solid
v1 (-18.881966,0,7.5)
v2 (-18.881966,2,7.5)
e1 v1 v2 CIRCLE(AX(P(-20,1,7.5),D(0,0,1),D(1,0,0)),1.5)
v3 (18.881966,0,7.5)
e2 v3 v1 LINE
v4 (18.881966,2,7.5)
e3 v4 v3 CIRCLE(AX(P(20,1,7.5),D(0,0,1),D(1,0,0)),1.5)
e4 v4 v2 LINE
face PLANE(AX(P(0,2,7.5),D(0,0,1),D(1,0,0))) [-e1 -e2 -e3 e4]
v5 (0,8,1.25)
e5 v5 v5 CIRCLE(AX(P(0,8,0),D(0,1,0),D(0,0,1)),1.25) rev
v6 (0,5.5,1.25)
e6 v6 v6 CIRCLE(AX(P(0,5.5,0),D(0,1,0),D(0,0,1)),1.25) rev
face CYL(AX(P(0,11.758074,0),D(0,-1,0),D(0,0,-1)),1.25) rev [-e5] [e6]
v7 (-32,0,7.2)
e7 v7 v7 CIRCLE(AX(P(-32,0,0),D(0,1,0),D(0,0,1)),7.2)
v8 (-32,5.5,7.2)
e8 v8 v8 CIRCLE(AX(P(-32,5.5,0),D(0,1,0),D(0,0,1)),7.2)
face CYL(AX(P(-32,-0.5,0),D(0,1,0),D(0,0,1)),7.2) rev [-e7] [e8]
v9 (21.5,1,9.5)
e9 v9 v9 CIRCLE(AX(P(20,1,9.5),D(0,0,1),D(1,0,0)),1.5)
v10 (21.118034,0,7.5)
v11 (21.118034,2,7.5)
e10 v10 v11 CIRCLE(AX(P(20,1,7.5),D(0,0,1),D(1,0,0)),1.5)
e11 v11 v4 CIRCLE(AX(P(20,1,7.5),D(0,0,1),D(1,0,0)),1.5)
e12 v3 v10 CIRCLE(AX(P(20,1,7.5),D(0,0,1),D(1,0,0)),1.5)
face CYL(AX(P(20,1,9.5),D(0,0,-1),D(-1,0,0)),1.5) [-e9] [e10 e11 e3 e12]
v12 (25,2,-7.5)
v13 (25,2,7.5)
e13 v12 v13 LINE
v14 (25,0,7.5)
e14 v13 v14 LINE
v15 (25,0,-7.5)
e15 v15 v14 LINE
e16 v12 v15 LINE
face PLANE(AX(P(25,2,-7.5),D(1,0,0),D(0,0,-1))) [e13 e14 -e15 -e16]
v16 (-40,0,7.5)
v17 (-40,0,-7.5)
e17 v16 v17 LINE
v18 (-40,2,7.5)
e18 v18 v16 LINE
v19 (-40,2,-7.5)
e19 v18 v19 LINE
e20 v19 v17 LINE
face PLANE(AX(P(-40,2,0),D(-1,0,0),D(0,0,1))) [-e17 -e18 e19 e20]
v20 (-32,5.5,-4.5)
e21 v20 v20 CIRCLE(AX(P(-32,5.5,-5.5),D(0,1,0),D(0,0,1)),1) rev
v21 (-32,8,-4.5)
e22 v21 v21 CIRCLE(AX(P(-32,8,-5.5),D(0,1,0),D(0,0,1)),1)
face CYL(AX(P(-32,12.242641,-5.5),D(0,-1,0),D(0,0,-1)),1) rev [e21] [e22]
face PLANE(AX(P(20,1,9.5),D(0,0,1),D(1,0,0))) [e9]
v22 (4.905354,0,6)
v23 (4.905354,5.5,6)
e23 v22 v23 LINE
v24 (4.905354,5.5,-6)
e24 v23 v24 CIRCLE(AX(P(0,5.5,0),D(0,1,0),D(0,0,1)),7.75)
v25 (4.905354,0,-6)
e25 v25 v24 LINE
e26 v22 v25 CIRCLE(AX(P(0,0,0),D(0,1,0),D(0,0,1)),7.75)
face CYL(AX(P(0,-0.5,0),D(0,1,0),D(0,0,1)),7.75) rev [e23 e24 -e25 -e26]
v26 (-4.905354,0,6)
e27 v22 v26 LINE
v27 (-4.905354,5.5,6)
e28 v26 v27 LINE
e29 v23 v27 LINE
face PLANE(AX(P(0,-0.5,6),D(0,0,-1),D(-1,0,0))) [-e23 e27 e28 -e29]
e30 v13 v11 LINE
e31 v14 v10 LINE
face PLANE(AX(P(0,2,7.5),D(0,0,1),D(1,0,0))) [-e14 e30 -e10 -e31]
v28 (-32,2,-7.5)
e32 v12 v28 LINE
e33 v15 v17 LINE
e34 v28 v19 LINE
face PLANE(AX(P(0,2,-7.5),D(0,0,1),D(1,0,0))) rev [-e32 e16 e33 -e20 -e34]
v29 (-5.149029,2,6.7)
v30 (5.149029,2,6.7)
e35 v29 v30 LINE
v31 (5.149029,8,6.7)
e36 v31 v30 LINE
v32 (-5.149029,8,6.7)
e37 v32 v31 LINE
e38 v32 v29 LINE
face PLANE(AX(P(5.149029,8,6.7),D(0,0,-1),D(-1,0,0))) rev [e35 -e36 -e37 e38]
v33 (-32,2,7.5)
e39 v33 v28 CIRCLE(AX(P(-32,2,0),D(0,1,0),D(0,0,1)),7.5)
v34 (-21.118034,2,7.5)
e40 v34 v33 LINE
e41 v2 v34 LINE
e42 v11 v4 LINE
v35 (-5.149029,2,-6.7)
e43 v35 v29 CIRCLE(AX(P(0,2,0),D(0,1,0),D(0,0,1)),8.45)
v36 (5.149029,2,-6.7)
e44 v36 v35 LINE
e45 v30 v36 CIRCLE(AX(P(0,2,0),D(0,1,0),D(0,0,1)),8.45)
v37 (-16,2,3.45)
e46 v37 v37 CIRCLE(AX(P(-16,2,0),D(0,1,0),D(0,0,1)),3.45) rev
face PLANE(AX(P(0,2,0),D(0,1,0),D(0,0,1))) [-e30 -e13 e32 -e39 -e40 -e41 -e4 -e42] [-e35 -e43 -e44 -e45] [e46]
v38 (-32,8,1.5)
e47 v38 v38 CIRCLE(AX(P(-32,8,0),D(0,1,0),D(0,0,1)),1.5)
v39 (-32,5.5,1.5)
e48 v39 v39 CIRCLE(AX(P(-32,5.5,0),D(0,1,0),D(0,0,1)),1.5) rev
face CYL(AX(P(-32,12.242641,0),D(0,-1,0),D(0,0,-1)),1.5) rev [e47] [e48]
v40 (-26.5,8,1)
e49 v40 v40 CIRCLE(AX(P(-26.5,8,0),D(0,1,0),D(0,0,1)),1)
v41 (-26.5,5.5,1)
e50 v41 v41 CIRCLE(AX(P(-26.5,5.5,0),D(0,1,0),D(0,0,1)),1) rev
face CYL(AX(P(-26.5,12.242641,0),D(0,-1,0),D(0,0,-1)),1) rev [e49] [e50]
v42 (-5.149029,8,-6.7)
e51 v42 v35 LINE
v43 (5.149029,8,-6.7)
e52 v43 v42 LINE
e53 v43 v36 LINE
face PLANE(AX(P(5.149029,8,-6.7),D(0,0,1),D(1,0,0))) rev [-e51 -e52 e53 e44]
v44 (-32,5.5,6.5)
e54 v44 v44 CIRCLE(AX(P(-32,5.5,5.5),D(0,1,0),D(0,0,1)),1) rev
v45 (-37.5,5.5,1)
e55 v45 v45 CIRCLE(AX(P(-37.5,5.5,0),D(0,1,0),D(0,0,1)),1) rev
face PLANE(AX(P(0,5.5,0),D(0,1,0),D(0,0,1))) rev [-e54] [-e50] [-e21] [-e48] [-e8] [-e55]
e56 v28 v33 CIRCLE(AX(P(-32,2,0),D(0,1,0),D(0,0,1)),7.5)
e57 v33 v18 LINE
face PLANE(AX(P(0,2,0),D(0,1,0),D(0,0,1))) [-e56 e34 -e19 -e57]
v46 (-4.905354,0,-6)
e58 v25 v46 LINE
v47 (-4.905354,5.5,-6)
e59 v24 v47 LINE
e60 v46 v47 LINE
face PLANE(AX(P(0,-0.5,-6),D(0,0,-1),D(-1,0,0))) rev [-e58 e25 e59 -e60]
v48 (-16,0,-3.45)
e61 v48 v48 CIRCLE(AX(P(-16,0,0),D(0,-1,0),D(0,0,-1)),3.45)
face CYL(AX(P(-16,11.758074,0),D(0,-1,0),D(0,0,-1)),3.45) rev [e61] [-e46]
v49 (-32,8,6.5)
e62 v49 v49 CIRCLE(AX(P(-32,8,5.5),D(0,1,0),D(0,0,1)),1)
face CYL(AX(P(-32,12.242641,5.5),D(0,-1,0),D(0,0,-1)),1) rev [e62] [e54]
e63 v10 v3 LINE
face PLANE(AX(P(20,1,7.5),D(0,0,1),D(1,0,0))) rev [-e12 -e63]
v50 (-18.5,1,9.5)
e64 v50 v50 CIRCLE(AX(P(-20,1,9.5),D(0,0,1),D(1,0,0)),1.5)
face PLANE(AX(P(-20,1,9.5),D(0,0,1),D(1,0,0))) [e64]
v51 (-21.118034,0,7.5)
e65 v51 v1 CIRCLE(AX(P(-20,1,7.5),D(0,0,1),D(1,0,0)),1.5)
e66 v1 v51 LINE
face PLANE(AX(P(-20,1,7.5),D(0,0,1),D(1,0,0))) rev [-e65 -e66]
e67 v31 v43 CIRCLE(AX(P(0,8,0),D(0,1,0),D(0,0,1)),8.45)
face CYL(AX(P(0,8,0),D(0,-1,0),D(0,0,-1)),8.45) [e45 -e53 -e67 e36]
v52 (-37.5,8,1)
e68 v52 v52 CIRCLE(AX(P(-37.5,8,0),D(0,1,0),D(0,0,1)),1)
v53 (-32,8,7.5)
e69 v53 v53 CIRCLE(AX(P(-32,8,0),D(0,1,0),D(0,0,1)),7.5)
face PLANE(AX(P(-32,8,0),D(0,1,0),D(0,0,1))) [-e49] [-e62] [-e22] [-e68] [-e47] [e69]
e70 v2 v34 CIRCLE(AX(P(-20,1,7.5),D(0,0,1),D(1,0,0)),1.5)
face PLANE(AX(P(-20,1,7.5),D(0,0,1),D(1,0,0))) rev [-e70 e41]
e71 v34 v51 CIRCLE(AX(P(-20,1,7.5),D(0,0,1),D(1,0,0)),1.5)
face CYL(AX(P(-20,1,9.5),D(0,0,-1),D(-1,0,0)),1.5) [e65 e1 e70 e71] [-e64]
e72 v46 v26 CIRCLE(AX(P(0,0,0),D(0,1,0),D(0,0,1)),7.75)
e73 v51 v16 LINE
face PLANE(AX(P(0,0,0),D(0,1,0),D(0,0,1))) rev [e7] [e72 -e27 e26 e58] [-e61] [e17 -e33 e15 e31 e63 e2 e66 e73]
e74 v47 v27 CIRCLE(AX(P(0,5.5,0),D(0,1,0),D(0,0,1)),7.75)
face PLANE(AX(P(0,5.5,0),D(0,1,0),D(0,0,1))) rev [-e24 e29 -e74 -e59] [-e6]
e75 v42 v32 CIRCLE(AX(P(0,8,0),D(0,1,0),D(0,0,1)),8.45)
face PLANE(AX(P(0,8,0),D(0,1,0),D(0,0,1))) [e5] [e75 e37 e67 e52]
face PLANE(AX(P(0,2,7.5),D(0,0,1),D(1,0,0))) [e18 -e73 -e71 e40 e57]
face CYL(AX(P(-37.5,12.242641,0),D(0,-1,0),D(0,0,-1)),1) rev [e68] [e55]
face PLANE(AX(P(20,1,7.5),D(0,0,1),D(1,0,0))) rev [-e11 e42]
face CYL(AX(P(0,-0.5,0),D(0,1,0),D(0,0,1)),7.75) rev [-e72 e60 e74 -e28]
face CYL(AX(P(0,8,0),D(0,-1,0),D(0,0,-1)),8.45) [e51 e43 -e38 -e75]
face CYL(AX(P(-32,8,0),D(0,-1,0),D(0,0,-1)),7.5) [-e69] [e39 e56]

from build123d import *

# Parameters (mm, degrees)
SKETCH_1_W               = 65
SKETCH_1_H               = 15
EXTRUDE_1_DEPTH          = 2
SKETCH_2_R               = 1.25
SKETCH_2_R_2             = 3.45
SKETCH_2_R_3             = 1.5
SKETCH_2_R_4             = 1
CUT_EXTRUDE_1_DEPTH      = 2
SKETCH_4_R               = 1.5
EXTRUDE_2_DEPTH          = 2
SKETCH_5_R               = 7.5
SKETCH_5_R_2             = 7.2
EXTRUDE_3_DEPTH          = 6
SKETCH_5_8_R             = 1.25
SKETCH_5_8_R_2           = 7.2
EXTRUDE_4_DEPTH          = 6
CUT_EXTRUDE_2_DEPTH      = 3.5
CUT_EXTRUDE_2_DEPTH_BACK = 42.548164821
SKETCH_5_11_R            = 1.25
SKETCH_5_11_R_2          = 7.2
SKETCH_2_3_R             = 1.5
SKETCH_2_3_R_2           = 1
CUT_EXTRUDE_3_DEPTH      = 8


with BuildPart() as part:
    # 草图1 → 凸台-拉伸1 (new body)
    with BuildSketch(Plane(origin=(0, 0, 0), x_dir=(1, 0, 0), z_dir=(0, 1, 0))):
        with Locations((-7.5, 0)):
            Rectangle(SKETCH_1_W, SKETCH_1_H)
    extrude(amount=EXTRUDE_1_DEPTH)

    # 草图2 → 切除-拉伸1 (cut)
    with BuildSketch(Plane(origin=(0, 0, 0), x_dir=(1, 0, 0), z_dir=(0, 1, 0))):
        with Locations(Location((0, 0, 0), (0, 0, 270))):
            Circle(SKETCH_2_R)
        with Locations(Location((-16, 0, 0), (0, 0, 90))):
            Circle(SKETCH_2_R_2)
        with Locations(Location((-32, 0, 0), (0, 0, 270))):
            Circle(SKETCH_2_R_3)
        with Locations(Location((-26.5, 0, 0), (0, 0, 270))):
            Circle(SKETCH_2_R_4)
        with Locations(Location((-32, -5.5, 0), (0, 0, 270))):
            Circle(SKETCH_2_R_4)
        with Locations(Location((-37.5, 0, 0), (0, 0, 270))):
            Circle(SKETCH_2_R_4)
        with Locations(Location((-32, 5.5, 0), (0, 0, 270))):
            Circle(SKETCH_2_R_4)
    extrude(amount=CUT_EXTRUDE_1_DEPTH, mode=Mode.SUBTRACT)

    # 草图4 → 凸台-拉伸2 (add)
    with BuildSketch(Plane.XY.offset(7.5)):
        with Locations(Location((20, 1, 0), (0, 0, 221.810314896))):
            Circle(SKETCH_4_R)
        with Locations(Location((-20, 1, 0), (0, 0, 221.810314896))):
            Circle(SKETCH_4_R)
    extrude(amount=EXTRUDE_2_DEPTH)

    # 草图5 → 凸台-拉伸3 (add)
    # profile 1 of 2: a face of its own
    with BuildSketch(Plane(origin=(0, 2, 0), x_dir=(1, 0, 0), z_dir=(0, 1, 0))):
        with Locations(Location((-32, 0, 0), (0, 0, 270))):
            Circle(SKETCH_5_R)
        with Locations(Location((-32, 0, 0), (0, 0, 270))):
            Circle(SKETCH_5_R_2, mode=Mode.SUBTRACT)
    # profile 2 of 2: a face of its own
    with BuildSketch(Plane(origin=(0, 2, 0), x_dir=(1, 0, 0), z_dir=(0, 1, 0))):
        with BuildLine():
            Line((5.149029035, -6.7), (-5.149029035, -6.7))
            ThreePointArc((-5.149029035, -6.7), (-8.45, 0), (-5.149029035, 6.7))
            Line((-5.149029035, 6.7), (5.149029035, 6.7))
            ThreePointArc((5.149029035, 6.7), (8.45, 0), (5.149029035, -6.7))
        make_face()
        with BuildLine():
            Line((4.905354218, -6), (-4.905354218, -6))
            ThreePointArc((-4.905354218, -6), (-7.75, 0), (-4.905354218, 6))
            Line((-4.905354218, 6), (4.905354218, 6))
            ThreePointArc((4.905354218, 6), (7.75, 0), (4.905354218, -6))
        make_face(mode=Mode.SUBTRACT)
    extrude(amount=EXTRUDE_3_DEPTH)

    # 草图5<8> → 凸台-拉伸4 (add)
    # profile 1 of 2: a face of its own
    with BuildSketch(Plane(origin=(0, 2, 0), x_dir=(1, 0, 0), z_dir=(0, 1, 0))):
        with BuildLine():
            Line((4.905354218, -6), (-4.905354218, -6))
            ThreePointArc((-4.905354218, -6), (-7.75, 0), (-4.905354218, 6))
            Line((-4.905354218, 6), (4.905354218, 6))
            ThreePointArc((4.905354218, 6), (7.75, 0), (4.905354218, -6))
        make_face()
        with Locations(Location((0, 0, 0), (0, 0, 270))):
            Circle(SKETCH_5_8_R, mode=Mode.SUBTRACT)
    # profile 2 of 2: a face of its own
    with BuildSketch(Plane(origin=(0, 2, 0), x_dir=(1, 0, 0), z_dir=(0, 1, 0))):
        with Locations((-32, 0)):
            Circle(SKETCH_5_8_R_2)
    extrude(amount=EXTRUDE_4_DEPTH)

    # 草图5<11> → 切除-拉伸2 (cut, two sides: drawn at the far end of the back side and taken through both)
    # profile 1 of 2: a face of its own
    with BuildSketch(Plane(origin=(0, 2, 0), x_dir=(1, 0, 0), z_dir=(0, 1, 0)).offset(-CUT_EXTRUDE_2_DEPTH_BACK)):
        with BuildLine():
            Line((4.905354218, -6), (-4.905354218, -6))
            ThreePointArc((-4.905354218, -6), (-7.75, 0), (-4.905354218, 6))
            Line((-4.905354218, 6), (4.905354218, 6))
            ThreePointArc((4.905354218, 6), (7.75, 0), (4.905354218, -6))
        make_face()
        with Locations(Location((0, 0, 0), (0, 0, 270))):
            Circle(SKETCH_5_11_R, mode=Mode.SUBTRACT)
    # profile 2 of 2: a face of its own
    with BuildSketch(Plane(origin=(0, 2, 0), x_dir=(1, 0, 0), z_dir=(0, 1, 0)).offset(-CUT_EXTRUDE_2_DEPTH_BACK)):
        with Locations(Location((-32, 0, 0), (0, 0, 270))):
            Circle(SKETCH_5_11_R_2)
    extrude(amount=CUT_EXTRUDE_2_DEPTH + CUT_EXTRUDE_2_DEPTH_BACK, mode=Mode.SUBTRACT)

    # 草图2<3> → 切除-拉伸3 (cut)
    with BuildSketch(Plane(origin=(0, 0, 0), x_dir=(1, 0, 0), z_dir=(0, 1, 0))):
        with Locations(Location((-32, 0, 0), (0, 0, 270))):
            Circle(SKETCH_2_3_R)
        with Locations(Location((-32, 5.5, 0), (0, 0, 270))):
            Circle(SKETCH_2_3_R_2)
        with Locations(Location((-37.5, 0, 0), (0, 0, 270))):
            Circle(SKETCH_2_3_R_2)
        with Locations(Location((-32, -5.5, 0), (0, 0, 270))):
            Circle(SKETCH_2_3_R_2)
        with Locations(Location((-26.5, 0, 0), (0, 0, 270))):
            Circle(SKETCH_2_3_R_2)
    extrude(amount=CUT_EXTRUDE_3_DEPTH, mode=Mode.SUBTRACT)


solid = part.part
